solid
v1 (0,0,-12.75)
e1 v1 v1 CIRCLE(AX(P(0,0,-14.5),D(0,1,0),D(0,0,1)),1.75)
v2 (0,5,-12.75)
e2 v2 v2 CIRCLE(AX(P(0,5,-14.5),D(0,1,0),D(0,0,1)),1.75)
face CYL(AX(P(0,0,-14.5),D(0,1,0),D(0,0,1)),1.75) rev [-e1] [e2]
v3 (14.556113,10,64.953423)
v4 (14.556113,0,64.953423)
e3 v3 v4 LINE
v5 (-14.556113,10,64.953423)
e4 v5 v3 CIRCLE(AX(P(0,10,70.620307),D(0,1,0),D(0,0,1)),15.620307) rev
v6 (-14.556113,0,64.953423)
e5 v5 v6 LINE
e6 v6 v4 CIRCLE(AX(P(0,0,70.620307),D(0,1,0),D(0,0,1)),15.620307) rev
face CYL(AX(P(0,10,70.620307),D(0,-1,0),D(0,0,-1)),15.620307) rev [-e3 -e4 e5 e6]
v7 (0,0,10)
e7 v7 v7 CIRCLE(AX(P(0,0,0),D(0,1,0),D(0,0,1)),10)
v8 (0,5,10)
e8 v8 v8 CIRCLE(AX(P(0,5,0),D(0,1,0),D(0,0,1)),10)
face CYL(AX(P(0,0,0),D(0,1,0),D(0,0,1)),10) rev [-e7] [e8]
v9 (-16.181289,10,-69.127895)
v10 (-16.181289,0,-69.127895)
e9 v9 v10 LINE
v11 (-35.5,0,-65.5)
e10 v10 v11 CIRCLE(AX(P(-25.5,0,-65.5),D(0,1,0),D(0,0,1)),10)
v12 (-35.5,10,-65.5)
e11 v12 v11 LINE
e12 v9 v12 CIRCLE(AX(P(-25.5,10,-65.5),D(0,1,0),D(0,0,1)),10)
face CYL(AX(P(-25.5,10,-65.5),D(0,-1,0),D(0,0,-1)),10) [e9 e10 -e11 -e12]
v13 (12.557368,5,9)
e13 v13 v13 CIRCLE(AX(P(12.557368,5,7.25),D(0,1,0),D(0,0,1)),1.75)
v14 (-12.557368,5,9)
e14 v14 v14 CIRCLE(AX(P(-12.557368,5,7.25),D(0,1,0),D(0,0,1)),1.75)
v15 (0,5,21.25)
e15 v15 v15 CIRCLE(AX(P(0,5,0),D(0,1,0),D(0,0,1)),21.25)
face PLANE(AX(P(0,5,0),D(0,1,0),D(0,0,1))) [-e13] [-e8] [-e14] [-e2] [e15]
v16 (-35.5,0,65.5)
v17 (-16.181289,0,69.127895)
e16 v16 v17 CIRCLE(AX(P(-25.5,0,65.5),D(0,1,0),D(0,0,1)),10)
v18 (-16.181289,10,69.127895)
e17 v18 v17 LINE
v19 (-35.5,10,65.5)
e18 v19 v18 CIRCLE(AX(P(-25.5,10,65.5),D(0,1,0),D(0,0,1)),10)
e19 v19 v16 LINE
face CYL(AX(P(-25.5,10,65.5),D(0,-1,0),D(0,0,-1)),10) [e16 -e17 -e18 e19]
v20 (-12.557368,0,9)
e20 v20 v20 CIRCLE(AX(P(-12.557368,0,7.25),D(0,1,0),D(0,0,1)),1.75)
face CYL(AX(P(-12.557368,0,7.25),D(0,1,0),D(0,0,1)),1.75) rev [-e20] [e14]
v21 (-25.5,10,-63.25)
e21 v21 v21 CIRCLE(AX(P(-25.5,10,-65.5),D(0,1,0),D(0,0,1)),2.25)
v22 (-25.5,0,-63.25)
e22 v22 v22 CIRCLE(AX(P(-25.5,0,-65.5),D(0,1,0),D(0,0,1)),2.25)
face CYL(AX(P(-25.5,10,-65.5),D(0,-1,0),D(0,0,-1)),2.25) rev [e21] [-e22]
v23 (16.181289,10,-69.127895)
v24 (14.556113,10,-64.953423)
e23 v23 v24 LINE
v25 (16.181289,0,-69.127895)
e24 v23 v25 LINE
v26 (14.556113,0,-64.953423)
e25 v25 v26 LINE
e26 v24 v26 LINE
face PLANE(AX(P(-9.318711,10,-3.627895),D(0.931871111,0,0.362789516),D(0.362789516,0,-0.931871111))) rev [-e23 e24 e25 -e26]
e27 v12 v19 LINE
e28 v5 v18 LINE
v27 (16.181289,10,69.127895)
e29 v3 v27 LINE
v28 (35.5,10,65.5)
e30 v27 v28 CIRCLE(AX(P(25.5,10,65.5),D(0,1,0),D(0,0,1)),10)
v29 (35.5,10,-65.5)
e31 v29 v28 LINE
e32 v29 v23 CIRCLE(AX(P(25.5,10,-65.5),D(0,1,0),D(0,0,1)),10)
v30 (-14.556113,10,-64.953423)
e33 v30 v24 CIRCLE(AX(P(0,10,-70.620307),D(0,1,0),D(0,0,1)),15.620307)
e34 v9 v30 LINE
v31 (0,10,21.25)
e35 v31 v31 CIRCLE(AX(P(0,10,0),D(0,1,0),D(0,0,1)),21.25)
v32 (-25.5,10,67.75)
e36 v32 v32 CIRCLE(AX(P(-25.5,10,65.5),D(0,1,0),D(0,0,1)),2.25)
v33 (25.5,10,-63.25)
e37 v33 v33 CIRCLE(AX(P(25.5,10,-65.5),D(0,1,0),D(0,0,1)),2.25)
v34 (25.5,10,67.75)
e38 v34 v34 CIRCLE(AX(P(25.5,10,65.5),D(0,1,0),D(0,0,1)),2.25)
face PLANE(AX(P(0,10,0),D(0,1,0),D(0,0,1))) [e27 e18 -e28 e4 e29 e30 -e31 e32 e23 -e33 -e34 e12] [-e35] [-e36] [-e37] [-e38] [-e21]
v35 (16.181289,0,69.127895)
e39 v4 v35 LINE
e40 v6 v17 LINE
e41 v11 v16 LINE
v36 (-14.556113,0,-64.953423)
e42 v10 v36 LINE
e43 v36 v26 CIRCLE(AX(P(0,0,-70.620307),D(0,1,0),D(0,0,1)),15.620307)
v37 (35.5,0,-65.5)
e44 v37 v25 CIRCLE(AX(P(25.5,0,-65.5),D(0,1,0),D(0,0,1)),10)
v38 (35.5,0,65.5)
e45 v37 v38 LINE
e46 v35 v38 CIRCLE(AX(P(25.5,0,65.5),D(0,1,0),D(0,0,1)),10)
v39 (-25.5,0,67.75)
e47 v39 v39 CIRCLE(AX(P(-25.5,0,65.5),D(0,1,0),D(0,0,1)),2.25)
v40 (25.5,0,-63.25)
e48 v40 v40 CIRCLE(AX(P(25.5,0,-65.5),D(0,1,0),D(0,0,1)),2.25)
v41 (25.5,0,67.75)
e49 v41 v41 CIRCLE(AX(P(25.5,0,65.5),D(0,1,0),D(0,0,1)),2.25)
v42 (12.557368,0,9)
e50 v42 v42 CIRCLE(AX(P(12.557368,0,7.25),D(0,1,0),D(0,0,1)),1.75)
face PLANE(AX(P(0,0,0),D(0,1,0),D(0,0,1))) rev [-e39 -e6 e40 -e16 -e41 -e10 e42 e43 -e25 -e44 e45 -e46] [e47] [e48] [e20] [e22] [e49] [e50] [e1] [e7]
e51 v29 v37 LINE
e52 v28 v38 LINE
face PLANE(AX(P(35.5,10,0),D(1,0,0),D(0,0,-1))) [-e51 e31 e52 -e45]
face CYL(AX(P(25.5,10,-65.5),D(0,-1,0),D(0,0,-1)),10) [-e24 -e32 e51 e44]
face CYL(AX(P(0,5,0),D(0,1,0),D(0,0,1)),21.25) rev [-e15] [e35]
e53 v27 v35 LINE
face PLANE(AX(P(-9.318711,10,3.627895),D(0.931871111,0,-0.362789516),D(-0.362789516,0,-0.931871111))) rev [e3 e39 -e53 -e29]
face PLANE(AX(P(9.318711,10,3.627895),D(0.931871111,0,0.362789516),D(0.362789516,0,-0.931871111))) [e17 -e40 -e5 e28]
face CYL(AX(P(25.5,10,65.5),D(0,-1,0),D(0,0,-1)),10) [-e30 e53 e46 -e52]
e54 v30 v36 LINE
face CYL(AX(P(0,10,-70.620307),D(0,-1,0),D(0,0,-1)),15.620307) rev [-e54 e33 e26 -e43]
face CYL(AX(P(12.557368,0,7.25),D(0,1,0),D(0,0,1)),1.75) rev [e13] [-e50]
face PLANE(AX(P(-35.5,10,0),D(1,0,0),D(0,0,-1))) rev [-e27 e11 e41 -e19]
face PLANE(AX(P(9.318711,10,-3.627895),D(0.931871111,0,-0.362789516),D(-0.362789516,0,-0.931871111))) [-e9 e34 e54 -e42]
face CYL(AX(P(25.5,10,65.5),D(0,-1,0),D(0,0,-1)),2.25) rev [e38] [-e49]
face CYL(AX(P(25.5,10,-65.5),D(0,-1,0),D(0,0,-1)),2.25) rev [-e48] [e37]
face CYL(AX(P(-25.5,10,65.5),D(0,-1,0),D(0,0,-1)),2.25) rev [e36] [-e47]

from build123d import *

# Parameters (mm, degrees)
SKETCH1_R           = 2.25
EXTRUDE_1_DEPTH     = 10
SKETCH_1_R          = 21.25
CUT_EXTRUDE_1_DEPTH = 5
SKETCH_2_R          = 1.75
SKETCH_2_R_2        = 10
CUT_EXTRUDE_2_DEPTH = 5


with BuildPart() as part:
    # Sketch1 → 凸台-拉伸1 (new body)
    with BuildSketch(Plane(origin=(0, 0, 0), x_dir=(1, 0, 0), z_dir=(0, 1, 0))):
        with BuildLine():
            Line((-16.181288894, 69.127895164), (-14.556112863, 64.953423399))
            ThreePointArc((-14.556112863, 64.953423399), (0, 55), (14.556112863, 64.953423399))
            Line((14.556112863, 64.953423399), (16.181288894, 69.127895164))
            ThreePointArc((16.181288894, 69.127895164), (27.345655566, 75.32820205), (35.5, 65.5))
            Line((35.5, 65.5), (35.5, -65.5))
            ThreePointArc((35.5, -65.5), (27.345655566, -75.32820205), (16.181288894, -69.127895164))
            Line((16.181288894, -69.127895164), (14.556112863, -64.953423399))
            ThreePointArc((14.556112863, -64.953423399), (0, -55), (-14.556112863, -64.953423399))
            Line((-14.556112863, -64.953423399), (-16.181288894, -69.127895164))
            ThreePointArc((-16.181288894, -69.127895164), (-27.345655566, -75.32820205), (-35.5, -65.5))
            Line((-35.5, -65.5), (-35.5, 65.5))
            ThreePointArc((-35.5, 65.5), (-27.345655566, 75.32820205), (-16.181288894, 69.127895164))
        make_face()
        with Locations(Location((25.5, 65.5, 0), (0, 0, 270))):
            Circle(SKETCH1_R, mode=Mode.SUBTRACT)
        with Locations(Location((-25.5, 65.5, 0), (0, 0, 270))):
            Circle(SKETCH1_R, mode=Mode.SUBTRACT)
        with Locations(Location((-25.5, -65.5, 0), (0, 0, 270))):
            Circle(SKETCH1_R, mode=Mode.SUBTRACT)
        with Locations(Location((25.5, -65.5, 0), (0, 0, 270))):
            Circle(SKETCH1_R, mode=Mode.SUBTRACT)
    extrude(amount=EXTRUDE_1_DEPTH)

    # 草图1 → 切除-拉伸1 (cut)
    with BuildSketch(Plane(origin=(0, 10, 0), x_dir=(1, 0, 0), z_dir=(0, 1, 0))):
        with Locations(Location((0, 0, 0), (0, 0, 270))):
            Circle(SKETCH_1_R)
    extrude(amount=-CUT_EXTRUDE_1_DEPTH, mode=Mode.SUBTRACT)

    # 草图2 → 切除-拉伸2 (cut)
    with BuildSketch(Plane(origin=(0, 5, 0), x_dir=(1, 0, 0), z_dir=(0, 1, 0))):
        with Locations(Location((0, 14.5, 0), (0, 0, 270))):
            Circle(SKETCH_2_R)
        with Locations(Location((12.557368355, -7.25, 0), (0, 0, 270))):
            Circle(SKETCH_2_R)
        with Locations(Location((-12.557368355, -7.25, 0), (0, 0, 270))):
            Circle(SKETCH_2_R)
        with Locations(Location((0, 0, 0), (0, 0, 270))):
            Circle(SKETCH_2_R_2)
    extrude(amount=-CUT_EXTRUDE_2_DEPTH, mode=Mode.SUBTRACT)


solid = part.part
